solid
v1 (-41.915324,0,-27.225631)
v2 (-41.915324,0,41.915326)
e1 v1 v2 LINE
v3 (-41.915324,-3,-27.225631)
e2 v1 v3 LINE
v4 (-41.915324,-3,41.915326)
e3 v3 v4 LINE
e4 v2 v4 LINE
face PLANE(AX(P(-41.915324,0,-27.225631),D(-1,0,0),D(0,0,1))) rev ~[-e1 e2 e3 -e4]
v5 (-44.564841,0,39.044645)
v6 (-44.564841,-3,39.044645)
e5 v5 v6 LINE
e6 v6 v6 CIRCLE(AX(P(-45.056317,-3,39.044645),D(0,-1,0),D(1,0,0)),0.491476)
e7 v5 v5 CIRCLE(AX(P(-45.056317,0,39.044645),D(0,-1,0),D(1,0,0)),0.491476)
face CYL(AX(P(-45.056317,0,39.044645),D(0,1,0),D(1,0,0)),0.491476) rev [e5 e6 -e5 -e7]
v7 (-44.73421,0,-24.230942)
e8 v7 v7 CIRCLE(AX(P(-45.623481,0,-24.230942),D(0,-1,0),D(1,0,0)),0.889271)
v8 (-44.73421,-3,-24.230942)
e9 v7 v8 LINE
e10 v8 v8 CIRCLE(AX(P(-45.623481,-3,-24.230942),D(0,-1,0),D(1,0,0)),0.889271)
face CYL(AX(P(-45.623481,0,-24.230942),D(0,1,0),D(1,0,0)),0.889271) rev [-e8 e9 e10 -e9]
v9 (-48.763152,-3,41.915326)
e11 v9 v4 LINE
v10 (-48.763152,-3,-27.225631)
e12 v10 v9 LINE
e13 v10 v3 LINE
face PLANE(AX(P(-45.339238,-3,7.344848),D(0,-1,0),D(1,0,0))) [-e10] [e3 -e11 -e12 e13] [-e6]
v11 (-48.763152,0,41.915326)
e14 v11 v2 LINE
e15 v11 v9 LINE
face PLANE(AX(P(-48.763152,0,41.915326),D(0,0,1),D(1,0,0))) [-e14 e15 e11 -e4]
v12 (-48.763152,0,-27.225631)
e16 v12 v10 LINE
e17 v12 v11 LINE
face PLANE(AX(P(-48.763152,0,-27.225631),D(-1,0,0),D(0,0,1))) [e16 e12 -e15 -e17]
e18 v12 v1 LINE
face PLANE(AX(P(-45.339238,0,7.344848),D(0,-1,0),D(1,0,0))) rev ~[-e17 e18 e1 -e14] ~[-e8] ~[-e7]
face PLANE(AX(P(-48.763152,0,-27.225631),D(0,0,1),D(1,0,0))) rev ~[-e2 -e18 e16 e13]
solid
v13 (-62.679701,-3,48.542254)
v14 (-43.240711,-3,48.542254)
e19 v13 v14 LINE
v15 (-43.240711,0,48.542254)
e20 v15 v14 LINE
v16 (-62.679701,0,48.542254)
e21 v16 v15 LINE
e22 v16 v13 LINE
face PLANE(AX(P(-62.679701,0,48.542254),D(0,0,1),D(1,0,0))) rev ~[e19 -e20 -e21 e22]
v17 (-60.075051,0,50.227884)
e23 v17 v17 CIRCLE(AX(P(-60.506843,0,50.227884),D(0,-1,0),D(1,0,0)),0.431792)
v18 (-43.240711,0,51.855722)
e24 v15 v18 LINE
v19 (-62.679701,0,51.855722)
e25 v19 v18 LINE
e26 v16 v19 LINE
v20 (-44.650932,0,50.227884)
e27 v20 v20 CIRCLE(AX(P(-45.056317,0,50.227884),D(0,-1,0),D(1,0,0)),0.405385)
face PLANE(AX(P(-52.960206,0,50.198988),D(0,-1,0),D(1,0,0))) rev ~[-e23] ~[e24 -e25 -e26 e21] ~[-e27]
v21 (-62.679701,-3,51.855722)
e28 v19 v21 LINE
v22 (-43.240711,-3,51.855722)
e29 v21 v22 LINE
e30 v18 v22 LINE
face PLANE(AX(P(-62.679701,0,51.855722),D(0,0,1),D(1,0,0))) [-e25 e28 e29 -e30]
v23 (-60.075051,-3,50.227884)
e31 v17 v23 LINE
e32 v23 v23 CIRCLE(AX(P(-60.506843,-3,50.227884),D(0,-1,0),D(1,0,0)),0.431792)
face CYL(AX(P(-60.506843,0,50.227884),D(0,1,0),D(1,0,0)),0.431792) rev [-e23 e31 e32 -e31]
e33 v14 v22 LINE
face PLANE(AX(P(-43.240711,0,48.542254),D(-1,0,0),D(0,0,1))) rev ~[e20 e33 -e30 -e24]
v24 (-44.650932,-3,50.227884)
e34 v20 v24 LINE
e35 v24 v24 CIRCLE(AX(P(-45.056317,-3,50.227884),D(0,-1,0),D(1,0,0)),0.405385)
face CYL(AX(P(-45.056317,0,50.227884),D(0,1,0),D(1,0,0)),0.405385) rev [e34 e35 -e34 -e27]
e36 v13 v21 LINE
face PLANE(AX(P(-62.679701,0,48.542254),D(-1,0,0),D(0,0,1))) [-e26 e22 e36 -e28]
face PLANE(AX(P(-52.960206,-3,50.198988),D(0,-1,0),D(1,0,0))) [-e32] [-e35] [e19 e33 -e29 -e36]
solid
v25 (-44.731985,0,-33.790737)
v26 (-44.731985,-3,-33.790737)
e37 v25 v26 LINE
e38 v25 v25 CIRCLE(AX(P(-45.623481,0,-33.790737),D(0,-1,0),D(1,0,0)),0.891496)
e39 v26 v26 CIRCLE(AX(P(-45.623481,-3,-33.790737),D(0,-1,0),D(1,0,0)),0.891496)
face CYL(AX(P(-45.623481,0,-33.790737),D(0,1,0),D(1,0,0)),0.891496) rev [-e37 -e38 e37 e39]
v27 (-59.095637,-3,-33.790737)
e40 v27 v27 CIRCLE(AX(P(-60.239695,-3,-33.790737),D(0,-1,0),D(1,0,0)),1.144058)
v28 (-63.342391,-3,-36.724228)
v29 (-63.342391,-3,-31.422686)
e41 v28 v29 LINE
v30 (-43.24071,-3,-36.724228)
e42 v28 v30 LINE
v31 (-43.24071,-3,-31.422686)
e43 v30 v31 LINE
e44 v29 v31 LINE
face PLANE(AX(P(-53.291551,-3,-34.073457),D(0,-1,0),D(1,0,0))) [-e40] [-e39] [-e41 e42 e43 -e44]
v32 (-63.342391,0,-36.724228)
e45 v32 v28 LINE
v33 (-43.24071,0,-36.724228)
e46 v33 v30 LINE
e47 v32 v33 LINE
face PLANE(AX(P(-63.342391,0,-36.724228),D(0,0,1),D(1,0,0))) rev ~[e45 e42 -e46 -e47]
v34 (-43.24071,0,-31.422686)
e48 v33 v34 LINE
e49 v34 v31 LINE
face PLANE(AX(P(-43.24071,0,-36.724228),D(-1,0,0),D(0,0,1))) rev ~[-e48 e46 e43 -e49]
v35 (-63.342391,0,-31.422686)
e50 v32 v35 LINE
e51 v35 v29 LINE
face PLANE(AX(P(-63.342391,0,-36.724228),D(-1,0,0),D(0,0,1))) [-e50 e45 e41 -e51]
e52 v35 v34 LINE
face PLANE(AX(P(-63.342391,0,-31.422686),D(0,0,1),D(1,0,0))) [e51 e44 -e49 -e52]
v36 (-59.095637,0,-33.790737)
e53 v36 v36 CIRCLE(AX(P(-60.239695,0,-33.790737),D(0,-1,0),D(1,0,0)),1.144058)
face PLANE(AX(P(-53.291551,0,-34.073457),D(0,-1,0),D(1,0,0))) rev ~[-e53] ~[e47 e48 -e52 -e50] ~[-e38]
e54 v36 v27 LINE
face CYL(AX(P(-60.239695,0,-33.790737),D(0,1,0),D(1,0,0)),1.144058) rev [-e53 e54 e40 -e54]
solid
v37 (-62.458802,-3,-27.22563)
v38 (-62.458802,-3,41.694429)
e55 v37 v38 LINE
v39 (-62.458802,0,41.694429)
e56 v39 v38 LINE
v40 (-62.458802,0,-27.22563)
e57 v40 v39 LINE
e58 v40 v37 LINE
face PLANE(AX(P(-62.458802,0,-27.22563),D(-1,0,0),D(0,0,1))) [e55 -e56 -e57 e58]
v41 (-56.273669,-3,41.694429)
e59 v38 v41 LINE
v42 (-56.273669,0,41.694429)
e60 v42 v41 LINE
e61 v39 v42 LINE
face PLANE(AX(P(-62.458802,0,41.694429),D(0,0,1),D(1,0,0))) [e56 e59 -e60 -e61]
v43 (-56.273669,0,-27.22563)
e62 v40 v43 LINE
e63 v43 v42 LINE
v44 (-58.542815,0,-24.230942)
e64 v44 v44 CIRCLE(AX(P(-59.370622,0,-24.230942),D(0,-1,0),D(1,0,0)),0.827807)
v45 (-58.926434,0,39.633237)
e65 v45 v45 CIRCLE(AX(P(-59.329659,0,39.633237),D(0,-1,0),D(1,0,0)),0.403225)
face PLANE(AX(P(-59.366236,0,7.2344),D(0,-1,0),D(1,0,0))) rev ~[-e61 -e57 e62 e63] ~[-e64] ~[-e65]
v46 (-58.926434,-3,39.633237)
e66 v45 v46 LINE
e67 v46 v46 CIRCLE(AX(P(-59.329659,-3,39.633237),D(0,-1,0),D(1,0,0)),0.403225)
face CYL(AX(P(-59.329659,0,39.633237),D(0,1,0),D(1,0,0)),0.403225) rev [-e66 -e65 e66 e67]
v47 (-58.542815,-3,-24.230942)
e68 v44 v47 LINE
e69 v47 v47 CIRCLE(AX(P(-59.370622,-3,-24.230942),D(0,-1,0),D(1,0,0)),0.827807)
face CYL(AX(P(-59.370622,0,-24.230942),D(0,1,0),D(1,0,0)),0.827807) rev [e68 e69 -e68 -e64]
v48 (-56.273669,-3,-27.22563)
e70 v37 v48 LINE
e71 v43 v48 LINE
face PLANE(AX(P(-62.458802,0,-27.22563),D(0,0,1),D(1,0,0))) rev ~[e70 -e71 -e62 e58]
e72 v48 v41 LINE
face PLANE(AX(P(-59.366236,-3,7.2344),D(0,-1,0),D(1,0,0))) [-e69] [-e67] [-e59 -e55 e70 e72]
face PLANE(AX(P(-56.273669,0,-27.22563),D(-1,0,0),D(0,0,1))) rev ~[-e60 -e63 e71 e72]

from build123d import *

# Parameters (mm, degrees)
F0_W     = 6.185133
F0_H     = 68.920059
F0_R     = 0.827807
F0_R_2   = 0.403225
F0_W_2   = 6.847828
F0_H_2   = 69.140957
F0_R_3   = 0.889271
F0_R_4   = 0.491476
F0_W_3   = 19.43899
F0_H_3   = 3.313467
F0_R_5   = 0.431792
F0_R_6   = 0.405385
F0_W_4   = 20.101681
F0_H_4   = 5.301542
F0_R_7   = 1.144058
F0_R_8   = 0.891496
F1_DEPTH = 3


with BuildPart() as f1:
    # F0 (on Front) → F1 (new body)
    with BuildSketch(Plane.XZ):
        with Locations((-59.366236, 7.2344)):
            Rectangle(F0_W, F0_H)
        with Locations((-59.370622, -24.230942)):
            Circle(F0_R, mode=Mode.SUBTRACT)
        with Locations((-59.329659, 39.633237)):
            Circle(F0_R_2, mode=Mode.SUBTRACT)
        with Locations((-45.339238, 7.344848)):
            Rectangle(F0_W_2, F0_H_2)
        with Locations((-45.623481, -24.230942)):
            Circle(F0_R_3, mode=Mode.SUBTRACT)
        with Locations((-45.056317, 39.044645)):
            Circle(F0_R_4, mode=Mode.SUBTRACT)
        with Locations((-52.960206, 50.198988)):
            Rectangle(F0_W_3, F0_H_3)
        with Locations((-60.506843, 50.227884)):
            Circle(F0_R_5, mode=Mode.SUBTRACT)
        with Locations((-45.056317, 50.227884)):
            Circle(F0_R_6, mode=Mode.SUBTRACT)
        with Locations((-53.291551, -34.073457)):
            Rectangle(F0_W_4, F0_H_4)
        with Locations((-60.239695, -33.790737)):
            Circle(F0_R_7, mode=Mode.SUBTRACT)
        with Locations((-45.623481, -33.790737)):
            Circle(F0_R_8, mode=Mode.SUBTRACT)
    extrude(amount=F1_DEPTH)


solid = f1.part
